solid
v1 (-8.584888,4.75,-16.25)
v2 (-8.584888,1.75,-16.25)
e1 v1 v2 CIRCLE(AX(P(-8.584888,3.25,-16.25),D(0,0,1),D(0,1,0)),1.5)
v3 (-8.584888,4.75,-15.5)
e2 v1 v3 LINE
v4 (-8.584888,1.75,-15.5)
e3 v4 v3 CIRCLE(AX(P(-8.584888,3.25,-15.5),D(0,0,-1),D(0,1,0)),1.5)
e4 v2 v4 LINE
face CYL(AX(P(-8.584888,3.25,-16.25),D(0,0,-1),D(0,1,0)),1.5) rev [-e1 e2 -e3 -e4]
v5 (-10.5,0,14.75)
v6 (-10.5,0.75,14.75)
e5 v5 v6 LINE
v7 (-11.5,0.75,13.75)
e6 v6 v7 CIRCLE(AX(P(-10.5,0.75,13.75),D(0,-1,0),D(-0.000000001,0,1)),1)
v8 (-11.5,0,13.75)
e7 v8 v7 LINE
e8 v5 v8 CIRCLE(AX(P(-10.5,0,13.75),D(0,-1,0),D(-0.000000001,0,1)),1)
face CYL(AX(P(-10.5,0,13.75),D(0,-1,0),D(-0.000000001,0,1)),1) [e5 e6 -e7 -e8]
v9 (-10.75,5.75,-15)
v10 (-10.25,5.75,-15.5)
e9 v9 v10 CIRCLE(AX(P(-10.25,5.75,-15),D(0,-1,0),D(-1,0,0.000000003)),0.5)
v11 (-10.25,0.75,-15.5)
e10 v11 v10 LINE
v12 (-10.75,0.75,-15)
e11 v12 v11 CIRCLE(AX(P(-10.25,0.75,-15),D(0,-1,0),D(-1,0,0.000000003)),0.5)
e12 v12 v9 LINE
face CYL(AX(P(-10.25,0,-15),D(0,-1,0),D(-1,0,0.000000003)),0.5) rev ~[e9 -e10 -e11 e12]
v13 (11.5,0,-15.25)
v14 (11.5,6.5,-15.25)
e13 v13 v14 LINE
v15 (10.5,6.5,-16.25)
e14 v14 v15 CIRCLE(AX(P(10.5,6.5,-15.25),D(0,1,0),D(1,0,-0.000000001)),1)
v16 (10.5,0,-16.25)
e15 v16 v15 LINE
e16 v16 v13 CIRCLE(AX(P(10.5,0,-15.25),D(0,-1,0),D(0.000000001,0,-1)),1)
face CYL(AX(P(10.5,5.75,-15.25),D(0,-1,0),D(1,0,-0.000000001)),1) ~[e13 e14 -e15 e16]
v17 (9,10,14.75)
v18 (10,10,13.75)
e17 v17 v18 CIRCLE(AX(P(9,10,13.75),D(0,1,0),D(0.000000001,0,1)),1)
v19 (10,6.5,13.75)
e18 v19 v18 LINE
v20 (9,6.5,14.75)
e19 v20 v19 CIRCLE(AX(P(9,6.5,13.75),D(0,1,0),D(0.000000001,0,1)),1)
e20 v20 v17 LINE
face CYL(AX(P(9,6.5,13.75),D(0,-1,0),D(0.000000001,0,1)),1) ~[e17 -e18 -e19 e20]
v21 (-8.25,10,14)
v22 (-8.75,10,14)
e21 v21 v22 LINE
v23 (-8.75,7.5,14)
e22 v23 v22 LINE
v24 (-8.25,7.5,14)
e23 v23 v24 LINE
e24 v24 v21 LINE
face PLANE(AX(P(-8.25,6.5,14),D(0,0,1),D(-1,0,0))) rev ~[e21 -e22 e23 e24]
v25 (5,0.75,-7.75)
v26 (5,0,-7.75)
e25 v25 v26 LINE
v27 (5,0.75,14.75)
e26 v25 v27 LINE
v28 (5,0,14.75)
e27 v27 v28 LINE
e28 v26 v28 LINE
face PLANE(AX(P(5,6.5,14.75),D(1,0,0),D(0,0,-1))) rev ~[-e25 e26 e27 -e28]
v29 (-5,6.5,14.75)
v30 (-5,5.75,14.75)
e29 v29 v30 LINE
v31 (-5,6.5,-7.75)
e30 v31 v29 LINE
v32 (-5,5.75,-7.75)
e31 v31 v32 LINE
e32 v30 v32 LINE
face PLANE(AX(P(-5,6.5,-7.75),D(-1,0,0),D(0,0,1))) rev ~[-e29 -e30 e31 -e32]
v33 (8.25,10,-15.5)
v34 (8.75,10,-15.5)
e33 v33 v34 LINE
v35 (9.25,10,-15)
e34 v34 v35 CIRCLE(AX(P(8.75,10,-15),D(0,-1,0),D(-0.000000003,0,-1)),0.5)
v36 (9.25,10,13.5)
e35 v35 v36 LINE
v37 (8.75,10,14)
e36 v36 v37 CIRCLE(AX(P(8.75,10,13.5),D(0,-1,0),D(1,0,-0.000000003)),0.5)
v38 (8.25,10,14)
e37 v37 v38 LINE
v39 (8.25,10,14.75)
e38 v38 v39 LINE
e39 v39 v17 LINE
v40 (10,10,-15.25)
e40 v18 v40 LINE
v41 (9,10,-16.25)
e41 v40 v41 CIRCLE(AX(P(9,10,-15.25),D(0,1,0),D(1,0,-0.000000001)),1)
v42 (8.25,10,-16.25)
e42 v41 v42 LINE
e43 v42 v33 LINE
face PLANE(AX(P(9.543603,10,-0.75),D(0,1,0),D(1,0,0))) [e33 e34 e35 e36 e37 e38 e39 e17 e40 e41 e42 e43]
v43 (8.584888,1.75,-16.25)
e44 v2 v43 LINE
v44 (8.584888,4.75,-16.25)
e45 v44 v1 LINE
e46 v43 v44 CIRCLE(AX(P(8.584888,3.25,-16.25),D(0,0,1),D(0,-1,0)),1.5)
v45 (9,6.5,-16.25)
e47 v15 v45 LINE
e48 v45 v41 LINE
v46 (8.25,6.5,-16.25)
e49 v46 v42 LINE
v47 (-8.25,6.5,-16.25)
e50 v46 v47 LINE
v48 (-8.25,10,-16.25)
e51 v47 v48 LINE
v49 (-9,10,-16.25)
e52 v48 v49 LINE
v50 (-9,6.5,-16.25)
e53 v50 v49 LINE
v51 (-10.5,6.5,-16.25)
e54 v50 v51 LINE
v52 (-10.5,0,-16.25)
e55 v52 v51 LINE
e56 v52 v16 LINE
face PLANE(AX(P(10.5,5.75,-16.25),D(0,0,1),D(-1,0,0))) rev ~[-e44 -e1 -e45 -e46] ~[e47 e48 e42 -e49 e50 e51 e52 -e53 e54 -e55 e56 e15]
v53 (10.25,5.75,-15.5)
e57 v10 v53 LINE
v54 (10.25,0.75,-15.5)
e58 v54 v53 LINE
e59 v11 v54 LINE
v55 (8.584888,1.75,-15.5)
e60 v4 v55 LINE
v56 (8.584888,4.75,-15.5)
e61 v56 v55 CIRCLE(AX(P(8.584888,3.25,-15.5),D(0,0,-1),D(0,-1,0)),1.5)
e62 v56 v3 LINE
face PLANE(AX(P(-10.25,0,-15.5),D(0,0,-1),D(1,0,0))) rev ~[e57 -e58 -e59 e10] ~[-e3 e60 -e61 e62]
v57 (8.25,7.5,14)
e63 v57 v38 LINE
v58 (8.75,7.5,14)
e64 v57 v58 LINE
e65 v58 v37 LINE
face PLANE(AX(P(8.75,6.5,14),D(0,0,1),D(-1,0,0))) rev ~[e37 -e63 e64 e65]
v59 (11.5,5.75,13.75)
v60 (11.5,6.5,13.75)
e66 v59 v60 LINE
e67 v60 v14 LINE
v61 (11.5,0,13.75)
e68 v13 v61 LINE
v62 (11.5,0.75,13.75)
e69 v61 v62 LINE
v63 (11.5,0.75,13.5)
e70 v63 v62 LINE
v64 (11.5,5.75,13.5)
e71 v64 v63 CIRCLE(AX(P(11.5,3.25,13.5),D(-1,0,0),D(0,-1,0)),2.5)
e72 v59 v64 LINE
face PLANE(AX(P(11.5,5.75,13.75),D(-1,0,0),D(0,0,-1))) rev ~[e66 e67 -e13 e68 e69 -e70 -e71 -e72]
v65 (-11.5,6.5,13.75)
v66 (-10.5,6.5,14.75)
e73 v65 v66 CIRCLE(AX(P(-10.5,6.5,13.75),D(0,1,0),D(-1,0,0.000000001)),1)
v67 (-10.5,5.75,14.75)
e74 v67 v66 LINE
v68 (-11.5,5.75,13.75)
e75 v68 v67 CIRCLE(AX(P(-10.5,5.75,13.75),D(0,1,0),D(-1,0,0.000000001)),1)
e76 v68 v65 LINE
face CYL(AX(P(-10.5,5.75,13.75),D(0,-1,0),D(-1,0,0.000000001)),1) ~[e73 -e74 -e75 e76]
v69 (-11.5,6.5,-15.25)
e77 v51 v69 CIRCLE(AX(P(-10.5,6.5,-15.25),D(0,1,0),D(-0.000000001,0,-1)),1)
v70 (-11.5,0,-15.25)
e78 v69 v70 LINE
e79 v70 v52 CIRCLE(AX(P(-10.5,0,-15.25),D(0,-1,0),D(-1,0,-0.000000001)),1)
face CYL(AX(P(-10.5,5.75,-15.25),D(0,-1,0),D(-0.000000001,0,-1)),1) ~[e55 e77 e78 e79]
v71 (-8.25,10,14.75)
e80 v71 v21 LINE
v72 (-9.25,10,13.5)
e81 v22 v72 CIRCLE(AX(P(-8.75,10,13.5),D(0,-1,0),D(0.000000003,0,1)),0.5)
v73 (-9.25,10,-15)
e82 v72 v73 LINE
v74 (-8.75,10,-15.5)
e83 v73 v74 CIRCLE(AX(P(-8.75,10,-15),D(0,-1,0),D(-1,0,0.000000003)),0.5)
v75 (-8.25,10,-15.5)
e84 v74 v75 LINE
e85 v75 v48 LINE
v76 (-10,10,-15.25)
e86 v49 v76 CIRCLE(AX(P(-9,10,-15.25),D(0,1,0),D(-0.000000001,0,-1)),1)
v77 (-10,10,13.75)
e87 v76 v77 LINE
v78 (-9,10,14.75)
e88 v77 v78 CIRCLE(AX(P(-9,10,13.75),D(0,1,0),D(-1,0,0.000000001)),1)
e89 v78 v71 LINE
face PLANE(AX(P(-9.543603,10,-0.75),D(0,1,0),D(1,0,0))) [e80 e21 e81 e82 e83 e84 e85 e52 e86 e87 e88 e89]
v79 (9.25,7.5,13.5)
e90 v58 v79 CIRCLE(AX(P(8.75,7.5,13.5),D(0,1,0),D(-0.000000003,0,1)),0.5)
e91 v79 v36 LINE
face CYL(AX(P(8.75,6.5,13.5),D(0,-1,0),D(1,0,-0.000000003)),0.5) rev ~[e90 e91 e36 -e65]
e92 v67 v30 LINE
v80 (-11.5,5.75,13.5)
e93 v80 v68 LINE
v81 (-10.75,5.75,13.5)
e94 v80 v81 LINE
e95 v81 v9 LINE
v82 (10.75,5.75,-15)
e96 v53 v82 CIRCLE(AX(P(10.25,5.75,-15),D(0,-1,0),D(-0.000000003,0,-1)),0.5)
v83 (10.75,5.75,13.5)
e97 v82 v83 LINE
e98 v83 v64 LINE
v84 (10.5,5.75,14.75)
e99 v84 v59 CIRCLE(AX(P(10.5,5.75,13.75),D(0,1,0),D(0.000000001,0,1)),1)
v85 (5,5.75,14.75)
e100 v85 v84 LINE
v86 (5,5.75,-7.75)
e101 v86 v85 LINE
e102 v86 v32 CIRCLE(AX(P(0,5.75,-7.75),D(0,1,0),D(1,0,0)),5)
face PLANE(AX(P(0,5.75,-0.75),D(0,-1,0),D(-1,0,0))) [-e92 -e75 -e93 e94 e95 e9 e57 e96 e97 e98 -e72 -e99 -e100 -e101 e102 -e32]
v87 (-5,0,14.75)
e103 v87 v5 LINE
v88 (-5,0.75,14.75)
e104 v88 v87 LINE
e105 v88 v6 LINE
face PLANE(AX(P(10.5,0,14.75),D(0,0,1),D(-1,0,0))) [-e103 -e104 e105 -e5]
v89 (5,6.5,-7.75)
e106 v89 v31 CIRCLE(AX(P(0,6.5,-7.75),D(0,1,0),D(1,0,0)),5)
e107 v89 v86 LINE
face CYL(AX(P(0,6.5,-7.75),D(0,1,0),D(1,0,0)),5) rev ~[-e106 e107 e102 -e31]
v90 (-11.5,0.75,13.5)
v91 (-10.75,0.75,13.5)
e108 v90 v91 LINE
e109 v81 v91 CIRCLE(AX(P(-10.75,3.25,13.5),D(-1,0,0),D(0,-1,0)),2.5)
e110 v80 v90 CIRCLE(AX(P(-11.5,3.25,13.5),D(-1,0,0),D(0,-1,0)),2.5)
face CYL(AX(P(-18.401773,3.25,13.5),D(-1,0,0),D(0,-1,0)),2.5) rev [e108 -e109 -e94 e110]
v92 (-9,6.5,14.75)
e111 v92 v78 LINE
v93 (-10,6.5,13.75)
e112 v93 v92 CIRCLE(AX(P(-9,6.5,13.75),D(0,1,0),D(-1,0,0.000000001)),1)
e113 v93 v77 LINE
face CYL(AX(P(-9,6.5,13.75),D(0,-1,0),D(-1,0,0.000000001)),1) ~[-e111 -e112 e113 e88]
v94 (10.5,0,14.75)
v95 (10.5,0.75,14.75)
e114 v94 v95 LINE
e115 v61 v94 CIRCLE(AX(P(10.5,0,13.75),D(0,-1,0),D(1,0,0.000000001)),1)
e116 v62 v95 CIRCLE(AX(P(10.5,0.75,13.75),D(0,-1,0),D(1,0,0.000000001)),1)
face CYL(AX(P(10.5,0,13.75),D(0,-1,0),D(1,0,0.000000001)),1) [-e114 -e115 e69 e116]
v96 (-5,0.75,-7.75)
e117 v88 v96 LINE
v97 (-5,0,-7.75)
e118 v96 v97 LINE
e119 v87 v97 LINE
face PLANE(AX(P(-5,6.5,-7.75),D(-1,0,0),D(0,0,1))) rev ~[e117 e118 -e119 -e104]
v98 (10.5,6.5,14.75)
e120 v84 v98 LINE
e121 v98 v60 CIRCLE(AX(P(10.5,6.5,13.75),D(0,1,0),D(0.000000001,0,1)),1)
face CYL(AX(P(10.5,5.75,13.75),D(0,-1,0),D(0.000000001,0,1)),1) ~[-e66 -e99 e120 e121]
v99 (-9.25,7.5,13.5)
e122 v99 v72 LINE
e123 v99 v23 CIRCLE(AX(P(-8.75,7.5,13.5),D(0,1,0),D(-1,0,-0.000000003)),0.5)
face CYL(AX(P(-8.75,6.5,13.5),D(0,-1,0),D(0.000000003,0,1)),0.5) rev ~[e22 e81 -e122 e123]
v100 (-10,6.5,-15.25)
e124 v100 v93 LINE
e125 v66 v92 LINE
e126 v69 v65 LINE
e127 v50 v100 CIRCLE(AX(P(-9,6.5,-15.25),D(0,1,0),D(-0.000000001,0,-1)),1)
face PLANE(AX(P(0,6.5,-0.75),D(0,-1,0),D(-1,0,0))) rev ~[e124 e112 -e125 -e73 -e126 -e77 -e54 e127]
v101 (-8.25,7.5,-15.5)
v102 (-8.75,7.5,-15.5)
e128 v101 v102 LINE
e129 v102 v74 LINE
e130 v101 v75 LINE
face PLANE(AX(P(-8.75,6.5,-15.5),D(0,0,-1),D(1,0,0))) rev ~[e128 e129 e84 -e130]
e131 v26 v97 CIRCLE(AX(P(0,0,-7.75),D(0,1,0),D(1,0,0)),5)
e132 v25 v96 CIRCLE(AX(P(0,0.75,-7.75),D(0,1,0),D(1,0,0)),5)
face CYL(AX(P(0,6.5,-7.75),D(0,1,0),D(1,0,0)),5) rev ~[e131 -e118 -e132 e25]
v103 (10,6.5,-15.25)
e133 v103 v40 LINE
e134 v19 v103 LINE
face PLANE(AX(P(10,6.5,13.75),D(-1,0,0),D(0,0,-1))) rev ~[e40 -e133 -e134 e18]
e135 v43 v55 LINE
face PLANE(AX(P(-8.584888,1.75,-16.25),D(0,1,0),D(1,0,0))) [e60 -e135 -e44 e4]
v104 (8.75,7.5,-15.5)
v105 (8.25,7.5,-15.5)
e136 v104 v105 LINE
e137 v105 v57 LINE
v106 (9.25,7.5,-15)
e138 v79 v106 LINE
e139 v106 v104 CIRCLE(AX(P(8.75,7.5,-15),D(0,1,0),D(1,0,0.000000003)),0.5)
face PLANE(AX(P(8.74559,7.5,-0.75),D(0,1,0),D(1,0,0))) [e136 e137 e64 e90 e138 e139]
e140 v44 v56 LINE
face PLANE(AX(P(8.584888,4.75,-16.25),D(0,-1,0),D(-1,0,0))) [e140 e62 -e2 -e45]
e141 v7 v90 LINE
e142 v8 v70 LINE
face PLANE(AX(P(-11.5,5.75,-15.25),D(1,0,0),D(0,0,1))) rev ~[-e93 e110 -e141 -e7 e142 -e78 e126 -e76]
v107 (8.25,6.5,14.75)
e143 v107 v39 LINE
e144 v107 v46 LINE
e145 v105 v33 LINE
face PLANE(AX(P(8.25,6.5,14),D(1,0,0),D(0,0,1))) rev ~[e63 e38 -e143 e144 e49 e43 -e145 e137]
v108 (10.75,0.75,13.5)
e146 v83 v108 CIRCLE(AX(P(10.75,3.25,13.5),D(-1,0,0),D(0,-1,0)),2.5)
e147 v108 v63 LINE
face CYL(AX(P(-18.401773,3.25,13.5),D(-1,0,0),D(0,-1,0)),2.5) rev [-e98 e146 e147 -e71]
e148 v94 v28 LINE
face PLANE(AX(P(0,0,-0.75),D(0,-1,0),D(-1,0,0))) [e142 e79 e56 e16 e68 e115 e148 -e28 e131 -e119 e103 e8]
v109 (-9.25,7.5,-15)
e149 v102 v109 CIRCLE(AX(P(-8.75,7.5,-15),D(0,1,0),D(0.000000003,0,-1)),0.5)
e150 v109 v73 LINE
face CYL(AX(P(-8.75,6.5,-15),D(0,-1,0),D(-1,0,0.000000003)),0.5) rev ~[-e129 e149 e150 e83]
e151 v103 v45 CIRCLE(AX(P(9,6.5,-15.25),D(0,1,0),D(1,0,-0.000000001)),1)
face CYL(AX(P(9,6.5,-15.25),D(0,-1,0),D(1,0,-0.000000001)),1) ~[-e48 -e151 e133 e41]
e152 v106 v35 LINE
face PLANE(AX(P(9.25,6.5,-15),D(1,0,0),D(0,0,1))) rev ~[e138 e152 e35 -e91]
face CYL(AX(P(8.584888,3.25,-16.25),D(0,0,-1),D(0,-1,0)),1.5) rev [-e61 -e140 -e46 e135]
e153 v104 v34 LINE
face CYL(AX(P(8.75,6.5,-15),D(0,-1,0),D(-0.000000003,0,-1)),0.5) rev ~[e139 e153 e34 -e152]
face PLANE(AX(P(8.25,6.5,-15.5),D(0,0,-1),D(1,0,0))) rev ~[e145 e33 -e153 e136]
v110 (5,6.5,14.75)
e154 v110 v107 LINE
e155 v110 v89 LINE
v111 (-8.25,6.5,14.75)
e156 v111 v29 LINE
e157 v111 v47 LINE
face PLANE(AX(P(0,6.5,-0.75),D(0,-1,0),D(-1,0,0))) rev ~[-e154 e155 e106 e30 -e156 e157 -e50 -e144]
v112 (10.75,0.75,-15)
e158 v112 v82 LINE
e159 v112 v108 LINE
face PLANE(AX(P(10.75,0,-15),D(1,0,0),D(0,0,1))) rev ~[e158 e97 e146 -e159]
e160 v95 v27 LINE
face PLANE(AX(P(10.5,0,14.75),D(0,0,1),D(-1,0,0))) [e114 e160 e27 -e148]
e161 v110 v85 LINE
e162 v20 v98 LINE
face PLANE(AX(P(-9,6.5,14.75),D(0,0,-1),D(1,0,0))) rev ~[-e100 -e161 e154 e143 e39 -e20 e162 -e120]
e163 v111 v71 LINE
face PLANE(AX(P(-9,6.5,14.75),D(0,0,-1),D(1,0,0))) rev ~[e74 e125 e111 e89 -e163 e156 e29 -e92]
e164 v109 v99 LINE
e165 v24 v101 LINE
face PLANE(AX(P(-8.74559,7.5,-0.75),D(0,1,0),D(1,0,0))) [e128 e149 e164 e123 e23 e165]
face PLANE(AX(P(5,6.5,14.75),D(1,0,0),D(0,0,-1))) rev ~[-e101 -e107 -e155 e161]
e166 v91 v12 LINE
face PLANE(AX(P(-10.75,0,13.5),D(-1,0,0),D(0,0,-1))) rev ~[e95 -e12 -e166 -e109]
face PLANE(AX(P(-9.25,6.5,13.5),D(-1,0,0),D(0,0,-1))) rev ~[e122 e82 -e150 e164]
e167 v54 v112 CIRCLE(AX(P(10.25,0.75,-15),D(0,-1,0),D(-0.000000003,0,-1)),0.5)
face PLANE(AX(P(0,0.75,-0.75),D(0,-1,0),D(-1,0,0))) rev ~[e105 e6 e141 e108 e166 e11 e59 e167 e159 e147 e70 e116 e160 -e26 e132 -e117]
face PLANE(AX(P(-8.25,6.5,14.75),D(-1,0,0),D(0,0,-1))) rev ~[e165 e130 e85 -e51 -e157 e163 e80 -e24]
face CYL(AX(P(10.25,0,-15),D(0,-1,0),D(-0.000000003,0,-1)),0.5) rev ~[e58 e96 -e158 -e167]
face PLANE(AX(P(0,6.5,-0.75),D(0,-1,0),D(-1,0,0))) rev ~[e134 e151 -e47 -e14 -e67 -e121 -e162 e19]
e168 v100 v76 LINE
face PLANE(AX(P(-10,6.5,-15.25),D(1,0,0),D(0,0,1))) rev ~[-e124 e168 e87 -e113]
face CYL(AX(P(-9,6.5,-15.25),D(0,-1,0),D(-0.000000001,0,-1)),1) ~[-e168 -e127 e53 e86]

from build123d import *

# Parameters (mm, degrees)
BASE_EXTRUDE_DEPTH        = 0.75
SIDEWALL_EXTRUDE_DEPTH    = 5.75
TOP_EXTRUDE_START         = 5.75
TOP_EXTRUDE_DEPTH         = 0.75
CUT_EXTRUDE1_DEPTH        = 29.901773302
CUT_EXTRUDE1_DEPTH_BACK   = 29.901773302
PCB_SUPPORT_EXTRUDE_DEPTH = 1
PCB_RIM_EXTRUDE_DEPTH     = 3.5
CUT_EXTRUDE2_DEPTH        = 21.941883869
CUT_EXTRUDE3_DEPTH        = 3.5


with BuildPart() as part:
    # battery-base → base-extrude (new body)
    with BuildSketch(Plane(origin=(0, 0, 0), x_dir=(1, 0, 0), z_dir=(0, 1, 0))):
        with BuildLine():
            Line((-10.5, 16.25), (10.5, 16.25))
            ThreePointArc((10.5, 16.25), (11.207106781, 15.957106781), (11.5, 15.25))
            Line((11.5, 15.25), (11.5, -13.75))
            ThreePointArc((11.5, -13.75), (11.207106781, -14.457106781), (10.5, -14.75))
            Line((10.5, -14.75), (-10.5, -14.75))
            ThreePointArc((-10.5, -14.75), (-11.207106781, -14.457106781), (-11.5, -13.75))
            Line((-11.5, -13.75), (-11.5, 15.25))
            ThreePointArc((-11.5, 15.25), (-11.207106781, 15.957106781), (-10.5, 16.25))
        make_face()
    extrude(amount=BASE_EXTRUDE_DEPTH)

    # battery-base<12> → sidewall-extrude (add)
    with BuildSketch(Plane(origin=(0, 0, 0), x_dir=(1, 0, 0), z_dir=(0, 1, 0))):
        with BuildLine():
            Line((-11.5, -13.5), (-10.75, -13.5))
            Line((-10.75, -13.5), (-10.75, 15))
            ThreePointArc((-10.75, 15), (-10.603553391, 15.353553391), (-10.25, 15.5))
            Line((-10.25, 15.5), (10.25, 15.5))
            ThreePointArc((10.25, 15.5), (10.603553391, 15.353553391), (10.75, 15))
            Line((10.75, 15), (10.75, -13.5))
            Line((10.75, -13.5), (11.5, -13.5))
            Line((11.5, -13.5), (11.5, 15.25))
            ThreePointArc((11.5, 15.25), (11.207106781, 15.957106781), (10.5, 16.25))
            Line((10.5, 16.25), (-10.5, 16.25))
            ThreePointArc((-10.5, 16.25), (-11.207106781, 15.957106781), (-11.5, 15.25))
            Line((-11.5, 15.25), (-11.5, -13.5))
        make_face()
    extrude(amount=SIDEWALL_EXTRUDE_DEPTH)

    # battery-base<13> → top-extrude (add)
    with BuildSketch(Plane(origin=(0, 0, 0), x_dir=(1, 0, 0), z_dir=(0, 1, 0)).offset(TOP_EXTRUDE_START)):
        with BuildLine():
            Line((11.5, -13.75), (11.5, 15.25))
            ThreePointArc((11.5, 15.25), (11.207106781, 15.957106781), (10.5, 16.25))
            Line((10.5, 16.25), (-10.5, 16.25))
            ThreePointArc((-10.5, 16.25), (-11.207106781, 15.957106781), (-11.5, 15.25))
            Line((-11.5, 15.25), (-11.5, -13.75))
            ThreePointArc((-11.5, -13.75), (-11.207106781, -14.457106781), (-10.5, -14.75))
            Line((-10.5, -14.75), (10.5, -14.75))
            ThreePointArc((10.5, -14.75), (11.207106781, -14.457106781), (11.5, -13.75))
        make_face()
    extrude(amount=TOP_EXTRUDE_DEPTH)

    # round-cut → Cut-Extrude1 (cut, two sides: drawn at the far end of the back side and taken through both)
    with BuildSketch(Plane(origin=(11.5, 0, 0), x_dir=(0, 0, -1), z_dir=(1, 0, 0)).offset(-CUT_EXTRUDE1_DEPTH_BACK)):
        with BuildLine():
            Line((-84.101155105, 0.75), (-13.5, 0.75))
            ThreePointArc((-13.5, 0.75), (-11, 3.25), (-13.5, 5.75))
            Line((-13.5, 5.75), (-84.101155105, 5.75))
            Line((-84.101155105, 5.75), (-225.303465314, 5.75))
            Line((-225.303465314, 5.75), (-225.303465314, 0.75))
            Line((-225.303465314, 0.75), (-84.101155105, 0.75))
        make_face()
    extrude(amount=CUT_EXTRUDE1_DEPTH + CUT_EXTRUDE1_DEPTH_BACK, mode=Mode.SUBTRACT)

    # PCB-support → PCB-support-extrude (add)
    with BuildSketch(Plane(origin=(0, 6.5, 0), x_dir=(1, 0, 0), z_dir=(0, 1, 0))):
        with BuildLine():
            Line((-8.75, -14), (-8.25, -14))
            Line((-8.25, -14), (-8.25, 15.5))
            Line((-8.25, 15.5), (-8.75, 15.5))
            ThreePointArc((-8.75, 15.5), (-9.103553391, 15.353553391), (-9.25, 15))
            Line((-9.25, 15), (-9.25, -13.5))
            ThreePointArc((-9.25, -13.5), (-9.103553391, -13.853553391), (-8.75, -14))
        make_face()
        with BuildLine():
            Line((8.25, 15.5), (8.25, -14))
            Line((8.25, -14), (8.75, -14))
            ThreePointArc((8.75, -14), (9.103553391, -13.853553391), (9.25, -13.5))
            Line((9.25, -13.5), (9.25, 15))
            ThreePointArc((9.25, 15), (9.103553391, 15.353553391), (8.75, 15.5))
            Line((8.75, 15.5), (8.25, 15.5))
        make_face()
    extrude(amount=PCB_SUPPORT_EXTRUDE_DEPTH)

    # PCB-support<3> → PCB-rim-extrude (add)
    with BuildSketch(Plane(origin=(0, 6.5, 0), x_dir=(1, 0, 0), z_dir=(0, 1, 0))):
        with BuildLine():
            Line((-8.25, -14.75), (-8.25, -14))
            Line((-8.25, -14), (-8.75, -14))
            ThreePointArc((-8.75, -14), (-9.103553391, -13.853553391), (-9.25, -13.5))
            Line((-9.25, -13.5), (-9.25, 15))
            ThreePointArc((-9.25, 15), (-9.103553391, 15.353553391), (-8.75, 15.5))
            Line((-8.75, 15.5), (-8.25, 15.5))
            Line((-8.25, 15.5), (-8.25, 16.25))
            Line((-8.25, 16.25), (-9, 16.25))
            ThreePointArc((-9, 16.25), (-9.707106781, 15.957106781), (-10, 15.25))
            Line((-10, 15.25), (-10, -13.75))
            ThreePointArc((-10, -13.75), (-9.707106781, -14.457106781), (-9, -14.75))
            Line((-9, -14.75), (-8.25, -14.75))
        make_face()
        with BuildLine():
            Line((8.75, -14), (8.25, -14))
            Line((8.25, -14), (8.25, -14.75))
            Line((8.25, -14.75), (9, -14.75))
            ThreePointArc((9, -14.75), (9.707106781, -14.457106781), (10, -13.75))
            Line((10, -13.75), (10, 15.25))
            ThreePointArc((10, 15.25), (9.707106781, 15.957106781), (9, 16.25))
            Line((9, 16.25), (8.25, 16.25))
            Line((8.25, 16.25), (8.25, 15.5))
            Line((8.25, 15.5), (8.75, 15.5))
            ThreePointArc((8.75, 15.5), (9.103553391, 15.353553391), (9.25, 15))
            Line((9.25, 15), (9.25, -13.5))
            ThreePointArc((9.25, -13.5), (9.103553391, -13.853553391), (8.75, -14))
        make_face()
    extrude(amount=PCB_RIM_EXTRUDE_DEPTH)

    # cut-away → Cut-Extrude2 (cut, through all)
    with BuildSketch(Plane(origin=(0, 6.5, 0), x_dir=(1, 0, 0), z_dir=(0, 1, 0))):
        with BuildLine():
            Line((-5, 7.75), (-5, -14.75))
            Line((-5, -14.75), (5, -14.75))
            Line((5, -14.75), (5, 7.75))
            ThreePointArc((5, 7.75), (0, 12.75), (-5, 7.75))
        make_face()
    extrude(amount=-CUT_EXTRUDE2_DEPTH, mode=Mode.SUBTRACT)

    # Sketch7 → Cut-Extrude3 (cut)
    with BuildSketch(Plane(origin=(0, 0, -16.25), x_dir=(-1, 0, 0), z_dir=(0, 0, -1))):
        with BuildLine():
            Line((8.584888193, 1.75), (-8.584888193, 1.75))
            ThreePointArc((-8.584888193, 1.75), (-10.084888193, 3.25), (-8.584888193, 4.75))
            Line((-8.584888193, 4.75), (8.584888193, 4.75))
            ThreePointArc((8.584888193, 4.75), (10.084888193, 3.25), (8.584888193, 1.75))
        make_face()
    extrude(amount=-CUT_EXTRUDE3_DEPTH, mode=Mode.SUBTRACT)


solid = part.part
